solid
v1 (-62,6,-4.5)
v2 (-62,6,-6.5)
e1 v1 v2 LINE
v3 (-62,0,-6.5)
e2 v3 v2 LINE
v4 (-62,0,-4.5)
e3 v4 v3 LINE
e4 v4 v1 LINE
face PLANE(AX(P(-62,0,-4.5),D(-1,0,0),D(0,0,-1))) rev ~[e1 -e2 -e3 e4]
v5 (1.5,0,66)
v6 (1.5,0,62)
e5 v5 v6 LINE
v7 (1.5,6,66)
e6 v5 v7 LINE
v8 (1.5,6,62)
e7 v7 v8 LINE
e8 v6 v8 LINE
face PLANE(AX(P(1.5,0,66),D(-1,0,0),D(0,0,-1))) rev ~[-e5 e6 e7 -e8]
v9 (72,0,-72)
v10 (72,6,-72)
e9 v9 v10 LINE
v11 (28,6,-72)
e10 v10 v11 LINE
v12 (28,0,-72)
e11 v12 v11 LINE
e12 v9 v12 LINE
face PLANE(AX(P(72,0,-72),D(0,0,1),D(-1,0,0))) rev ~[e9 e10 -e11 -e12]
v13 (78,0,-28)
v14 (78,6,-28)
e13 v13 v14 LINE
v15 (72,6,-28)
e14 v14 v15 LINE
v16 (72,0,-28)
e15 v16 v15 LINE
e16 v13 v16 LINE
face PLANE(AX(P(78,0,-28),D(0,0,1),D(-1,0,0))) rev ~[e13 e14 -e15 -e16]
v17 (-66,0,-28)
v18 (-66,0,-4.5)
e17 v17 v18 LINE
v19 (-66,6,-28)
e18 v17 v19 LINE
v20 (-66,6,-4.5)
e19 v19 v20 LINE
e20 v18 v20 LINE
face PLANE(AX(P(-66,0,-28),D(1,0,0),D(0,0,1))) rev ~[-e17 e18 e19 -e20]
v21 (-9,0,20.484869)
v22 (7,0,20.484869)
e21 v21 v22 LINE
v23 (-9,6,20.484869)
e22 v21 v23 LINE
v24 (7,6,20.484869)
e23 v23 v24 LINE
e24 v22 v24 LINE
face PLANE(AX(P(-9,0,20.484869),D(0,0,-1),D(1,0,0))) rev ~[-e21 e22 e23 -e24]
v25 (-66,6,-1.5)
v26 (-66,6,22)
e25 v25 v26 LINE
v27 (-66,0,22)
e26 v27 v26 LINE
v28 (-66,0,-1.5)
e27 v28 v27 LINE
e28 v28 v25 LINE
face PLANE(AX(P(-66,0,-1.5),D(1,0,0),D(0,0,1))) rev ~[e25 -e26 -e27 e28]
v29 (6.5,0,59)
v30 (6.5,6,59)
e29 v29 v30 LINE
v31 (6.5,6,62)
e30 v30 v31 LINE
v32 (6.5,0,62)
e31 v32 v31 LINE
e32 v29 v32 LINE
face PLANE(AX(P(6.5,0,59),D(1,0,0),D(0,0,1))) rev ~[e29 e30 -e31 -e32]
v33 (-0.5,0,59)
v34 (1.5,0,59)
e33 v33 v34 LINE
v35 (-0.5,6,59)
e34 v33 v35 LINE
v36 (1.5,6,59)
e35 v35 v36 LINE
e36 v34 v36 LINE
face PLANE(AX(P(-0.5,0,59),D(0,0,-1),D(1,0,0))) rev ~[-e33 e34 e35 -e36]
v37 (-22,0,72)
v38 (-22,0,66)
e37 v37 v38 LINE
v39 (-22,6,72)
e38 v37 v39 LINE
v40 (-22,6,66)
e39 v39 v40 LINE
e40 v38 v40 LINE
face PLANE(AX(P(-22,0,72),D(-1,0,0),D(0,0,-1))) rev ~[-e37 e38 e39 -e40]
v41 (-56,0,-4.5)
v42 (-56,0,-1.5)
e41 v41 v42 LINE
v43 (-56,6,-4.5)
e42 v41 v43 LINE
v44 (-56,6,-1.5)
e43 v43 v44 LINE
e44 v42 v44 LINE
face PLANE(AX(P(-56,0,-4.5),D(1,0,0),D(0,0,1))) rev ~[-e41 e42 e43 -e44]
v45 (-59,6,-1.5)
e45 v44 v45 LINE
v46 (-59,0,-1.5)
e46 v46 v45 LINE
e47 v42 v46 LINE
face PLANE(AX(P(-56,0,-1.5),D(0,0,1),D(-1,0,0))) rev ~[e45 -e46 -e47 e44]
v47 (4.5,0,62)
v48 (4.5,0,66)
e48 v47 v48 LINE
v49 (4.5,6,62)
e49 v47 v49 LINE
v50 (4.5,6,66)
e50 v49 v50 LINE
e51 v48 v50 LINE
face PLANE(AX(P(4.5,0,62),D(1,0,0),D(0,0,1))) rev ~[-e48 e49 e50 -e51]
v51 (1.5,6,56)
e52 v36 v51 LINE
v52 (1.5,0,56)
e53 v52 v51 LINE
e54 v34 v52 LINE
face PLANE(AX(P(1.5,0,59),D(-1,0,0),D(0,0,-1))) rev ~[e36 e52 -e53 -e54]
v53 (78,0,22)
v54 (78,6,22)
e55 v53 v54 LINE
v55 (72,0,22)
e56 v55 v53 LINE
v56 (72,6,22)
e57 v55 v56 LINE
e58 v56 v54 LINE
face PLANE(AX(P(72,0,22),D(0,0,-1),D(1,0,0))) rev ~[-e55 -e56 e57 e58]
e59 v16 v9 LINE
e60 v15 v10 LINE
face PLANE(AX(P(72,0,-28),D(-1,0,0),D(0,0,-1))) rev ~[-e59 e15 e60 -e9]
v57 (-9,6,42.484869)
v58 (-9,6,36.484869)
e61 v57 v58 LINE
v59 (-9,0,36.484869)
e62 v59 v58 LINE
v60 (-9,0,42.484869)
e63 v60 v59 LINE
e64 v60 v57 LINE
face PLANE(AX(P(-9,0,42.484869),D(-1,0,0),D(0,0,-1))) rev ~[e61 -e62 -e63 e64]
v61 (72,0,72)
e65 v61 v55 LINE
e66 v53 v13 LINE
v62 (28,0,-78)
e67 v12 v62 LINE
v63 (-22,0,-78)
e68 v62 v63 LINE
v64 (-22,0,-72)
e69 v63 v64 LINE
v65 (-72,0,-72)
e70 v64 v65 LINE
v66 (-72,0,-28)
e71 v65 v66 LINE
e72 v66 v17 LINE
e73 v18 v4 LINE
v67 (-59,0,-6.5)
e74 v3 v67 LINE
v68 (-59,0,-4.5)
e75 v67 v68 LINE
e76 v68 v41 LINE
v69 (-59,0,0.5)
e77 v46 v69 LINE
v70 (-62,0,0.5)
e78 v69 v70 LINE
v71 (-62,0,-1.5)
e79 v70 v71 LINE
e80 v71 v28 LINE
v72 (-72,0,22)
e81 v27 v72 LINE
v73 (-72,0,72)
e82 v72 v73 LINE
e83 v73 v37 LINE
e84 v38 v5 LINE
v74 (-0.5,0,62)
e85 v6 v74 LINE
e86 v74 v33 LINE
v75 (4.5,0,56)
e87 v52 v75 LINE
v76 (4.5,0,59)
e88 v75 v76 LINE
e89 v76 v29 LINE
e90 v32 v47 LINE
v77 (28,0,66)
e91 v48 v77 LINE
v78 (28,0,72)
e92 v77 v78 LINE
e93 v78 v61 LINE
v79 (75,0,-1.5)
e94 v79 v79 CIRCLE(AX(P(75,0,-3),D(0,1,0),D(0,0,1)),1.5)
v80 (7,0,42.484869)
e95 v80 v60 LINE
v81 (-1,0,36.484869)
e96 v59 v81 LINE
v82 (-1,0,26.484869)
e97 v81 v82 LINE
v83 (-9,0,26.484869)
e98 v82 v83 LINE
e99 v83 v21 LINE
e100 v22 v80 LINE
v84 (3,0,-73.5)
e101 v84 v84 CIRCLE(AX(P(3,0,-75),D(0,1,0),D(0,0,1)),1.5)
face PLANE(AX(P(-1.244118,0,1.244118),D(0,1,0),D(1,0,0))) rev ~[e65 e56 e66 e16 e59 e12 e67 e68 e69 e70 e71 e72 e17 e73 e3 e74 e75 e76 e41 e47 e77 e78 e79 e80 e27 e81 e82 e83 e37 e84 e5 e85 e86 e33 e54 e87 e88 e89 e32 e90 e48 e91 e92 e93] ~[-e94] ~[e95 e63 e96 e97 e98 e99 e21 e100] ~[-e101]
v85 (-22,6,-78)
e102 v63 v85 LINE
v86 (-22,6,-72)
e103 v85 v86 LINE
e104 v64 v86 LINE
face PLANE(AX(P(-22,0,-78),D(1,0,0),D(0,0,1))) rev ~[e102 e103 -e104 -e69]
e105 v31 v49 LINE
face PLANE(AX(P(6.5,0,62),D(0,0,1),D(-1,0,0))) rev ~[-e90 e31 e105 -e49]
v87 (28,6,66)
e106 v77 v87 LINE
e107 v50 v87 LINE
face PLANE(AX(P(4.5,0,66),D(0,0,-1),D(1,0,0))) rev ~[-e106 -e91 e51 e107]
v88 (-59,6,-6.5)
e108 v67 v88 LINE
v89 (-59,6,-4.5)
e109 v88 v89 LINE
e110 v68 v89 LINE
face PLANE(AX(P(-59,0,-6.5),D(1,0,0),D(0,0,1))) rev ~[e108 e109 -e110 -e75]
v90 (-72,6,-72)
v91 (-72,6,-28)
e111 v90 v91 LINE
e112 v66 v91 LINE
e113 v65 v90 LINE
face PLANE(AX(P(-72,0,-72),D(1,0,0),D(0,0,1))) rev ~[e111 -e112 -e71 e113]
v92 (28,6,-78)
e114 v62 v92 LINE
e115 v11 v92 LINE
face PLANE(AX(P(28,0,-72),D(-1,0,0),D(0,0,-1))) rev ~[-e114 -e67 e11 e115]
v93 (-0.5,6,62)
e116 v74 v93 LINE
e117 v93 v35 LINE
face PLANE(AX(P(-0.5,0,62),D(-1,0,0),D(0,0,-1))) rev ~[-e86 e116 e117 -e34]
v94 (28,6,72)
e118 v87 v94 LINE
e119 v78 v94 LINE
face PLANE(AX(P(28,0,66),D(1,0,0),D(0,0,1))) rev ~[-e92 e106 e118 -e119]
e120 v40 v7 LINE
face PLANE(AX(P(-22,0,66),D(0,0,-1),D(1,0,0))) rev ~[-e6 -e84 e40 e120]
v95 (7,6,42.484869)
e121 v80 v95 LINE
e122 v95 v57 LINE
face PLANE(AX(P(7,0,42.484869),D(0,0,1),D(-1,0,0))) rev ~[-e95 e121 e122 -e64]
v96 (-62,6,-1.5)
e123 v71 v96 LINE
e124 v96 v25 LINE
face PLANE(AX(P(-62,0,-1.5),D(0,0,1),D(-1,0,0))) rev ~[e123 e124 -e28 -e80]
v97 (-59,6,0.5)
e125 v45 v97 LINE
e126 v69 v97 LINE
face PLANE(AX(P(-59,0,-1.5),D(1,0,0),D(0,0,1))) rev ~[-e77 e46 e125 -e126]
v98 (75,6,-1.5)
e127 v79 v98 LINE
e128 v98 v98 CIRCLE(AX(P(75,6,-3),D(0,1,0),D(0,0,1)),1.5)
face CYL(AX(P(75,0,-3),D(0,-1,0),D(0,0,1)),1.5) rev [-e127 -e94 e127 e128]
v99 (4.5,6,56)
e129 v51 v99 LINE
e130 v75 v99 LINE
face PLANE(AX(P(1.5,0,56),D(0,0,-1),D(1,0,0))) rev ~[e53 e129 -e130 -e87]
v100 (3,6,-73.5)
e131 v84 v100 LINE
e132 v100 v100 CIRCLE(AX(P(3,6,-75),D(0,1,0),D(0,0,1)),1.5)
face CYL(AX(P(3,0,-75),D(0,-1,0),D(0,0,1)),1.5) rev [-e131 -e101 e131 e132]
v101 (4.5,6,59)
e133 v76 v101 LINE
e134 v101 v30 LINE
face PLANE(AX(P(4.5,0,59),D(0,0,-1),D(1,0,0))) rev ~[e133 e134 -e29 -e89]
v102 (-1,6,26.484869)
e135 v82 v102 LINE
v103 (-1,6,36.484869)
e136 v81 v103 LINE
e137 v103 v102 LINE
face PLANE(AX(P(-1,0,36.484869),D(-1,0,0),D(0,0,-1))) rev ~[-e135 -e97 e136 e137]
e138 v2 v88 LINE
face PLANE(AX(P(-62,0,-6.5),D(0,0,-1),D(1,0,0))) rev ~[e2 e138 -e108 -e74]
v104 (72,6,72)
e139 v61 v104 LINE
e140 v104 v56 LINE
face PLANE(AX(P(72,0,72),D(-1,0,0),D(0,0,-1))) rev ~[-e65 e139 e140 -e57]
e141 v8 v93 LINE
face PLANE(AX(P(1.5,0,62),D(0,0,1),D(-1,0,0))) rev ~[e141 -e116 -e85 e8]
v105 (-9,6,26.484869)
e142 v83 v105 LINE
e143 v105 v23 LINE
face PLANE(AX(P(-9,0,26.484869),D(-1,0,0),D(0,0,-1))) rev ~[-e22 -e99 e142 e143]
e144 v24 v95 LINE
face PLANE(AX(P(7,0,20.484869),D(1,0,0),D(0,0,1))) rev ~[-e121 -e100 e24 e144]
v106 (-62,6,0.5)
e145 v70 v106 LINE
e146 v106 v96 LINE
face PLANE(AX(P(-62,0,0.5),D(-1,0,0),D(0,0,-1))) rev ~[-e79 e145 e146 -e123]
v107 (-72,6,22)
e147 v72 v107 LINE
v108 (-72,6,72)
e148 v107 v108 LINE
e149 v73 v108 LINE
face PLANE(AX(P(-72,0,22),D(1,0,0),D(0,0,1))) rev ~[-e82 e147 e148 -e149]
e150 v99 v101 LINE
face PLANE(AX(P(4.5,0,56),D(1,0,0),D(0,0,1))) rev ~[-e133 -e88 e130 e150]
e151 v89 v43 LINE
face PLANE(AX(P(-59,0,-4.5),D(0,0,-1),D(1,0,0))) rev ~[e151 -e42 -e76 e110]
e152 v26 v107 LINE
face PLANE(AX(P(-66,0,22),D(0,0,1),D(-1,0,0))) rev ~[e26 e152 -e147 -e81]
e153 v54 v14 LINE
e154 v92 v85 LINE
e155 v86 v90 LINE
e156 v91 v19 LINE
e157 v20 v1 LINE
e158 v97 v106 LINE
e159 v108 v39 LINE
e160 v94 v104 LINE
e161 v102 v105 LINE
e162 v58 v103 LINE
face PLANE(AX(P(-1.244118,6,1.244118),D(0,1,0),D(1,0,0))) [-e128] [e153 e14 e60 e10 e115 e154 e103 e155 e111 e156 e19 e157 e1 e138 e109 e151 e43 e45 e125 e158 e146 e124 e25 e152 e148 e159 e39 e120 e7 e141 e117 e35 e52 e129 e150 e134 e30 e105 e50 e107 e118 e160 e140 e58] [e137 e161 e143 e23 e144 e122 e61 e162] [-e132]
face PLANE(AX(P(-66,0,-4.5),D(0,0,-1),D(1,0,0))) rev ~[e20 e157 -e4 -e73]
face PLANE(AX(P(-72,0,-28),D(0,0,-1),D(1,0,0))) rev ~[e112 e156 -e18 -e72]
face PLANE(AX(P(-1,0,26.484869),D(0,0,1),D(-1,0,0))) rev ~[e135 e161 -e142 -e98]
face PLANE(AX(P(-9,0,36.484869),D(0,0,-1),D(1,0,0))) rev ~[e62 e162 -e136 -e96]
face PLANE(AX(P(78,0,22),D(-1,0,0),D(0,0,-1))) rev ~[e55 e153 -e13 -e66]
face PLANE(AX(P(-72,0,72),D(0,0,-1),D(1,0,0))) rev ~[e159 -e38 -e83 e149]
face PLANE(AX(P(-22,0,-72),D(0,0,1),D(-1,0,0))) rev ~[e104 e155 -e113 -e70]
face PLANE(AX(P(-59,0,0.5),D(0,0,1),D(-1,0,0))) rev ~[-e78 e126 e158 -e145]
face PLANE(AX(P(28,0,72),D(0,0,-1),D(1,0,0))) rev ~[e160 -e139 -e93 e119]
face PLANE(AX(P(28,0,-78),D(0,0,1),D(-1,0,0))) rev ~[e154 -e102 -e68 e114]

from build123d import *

# Parameters (mm, degrees)
SKETCH1_R           = 1.5
BOSS_EXTRUDE1_DEPTH = 6


with BuildPart() as part:
    # Sketch1 → Boss-Extrude1 (new body)
    with BuildSketch(Plane(origin=(0, 0, 0), x_dir=(1, 0, 0), z_dir=(0, 1, 0))):
        Polygon((-72, 72), (-72, 28), (-66, 28), (-66, 4.5), (-62, 4.5), (-62, 6.5), (-59, 6.5), (-59, 4.5), (-56, 4.5), (-56, 1.5), (-59, 1.5), (-59, -0.5), (-62, -0.5), (-62, 1.5), (-66, 1.5), (-66, -22), (-72, -22), (-72, -72), (-22, -72), (-22, -66), (1.5, -66), (1.5, -62), (-0.5, -62), (-0.5, -59), (1.5, -59), (1.5, -56), (4.5, -56), (4.5, -59), (6.5, -59), (6.5, -62), (4.5, -62), (4.5, -66), (28, -66), (28, -72), (72, -72), (72, -22), (78, -22), (78, 28), (72, 28), (72, 72), (28, 72), (28, 78), (-22, 78), (-22, 72), align=None)
        Polygon((-9, -20.484869039), (7, -20.484869039), (7, -42.484869039), (-9, -42.484869039), (-9, -36.484869039), (-1, -36.484869039), (-1, -26.484869039), (-9, -26.484869039), align=None, mode=Mode.SUBTRACT)
        with Locations(Location((3, 75, 0), (0, 0, 270))):
            Circle(SKETCH1_R, mode=Mode.SUBTRACT)
        with Locations(Location((75, 3, 0), (0, 0, 270))):
            Circle(SKETCH1_R, mode=Mode.SUBTRACT)
    extrude(amount=BOSS_EXTRUDE1_DEPTH)


solid = part.part
